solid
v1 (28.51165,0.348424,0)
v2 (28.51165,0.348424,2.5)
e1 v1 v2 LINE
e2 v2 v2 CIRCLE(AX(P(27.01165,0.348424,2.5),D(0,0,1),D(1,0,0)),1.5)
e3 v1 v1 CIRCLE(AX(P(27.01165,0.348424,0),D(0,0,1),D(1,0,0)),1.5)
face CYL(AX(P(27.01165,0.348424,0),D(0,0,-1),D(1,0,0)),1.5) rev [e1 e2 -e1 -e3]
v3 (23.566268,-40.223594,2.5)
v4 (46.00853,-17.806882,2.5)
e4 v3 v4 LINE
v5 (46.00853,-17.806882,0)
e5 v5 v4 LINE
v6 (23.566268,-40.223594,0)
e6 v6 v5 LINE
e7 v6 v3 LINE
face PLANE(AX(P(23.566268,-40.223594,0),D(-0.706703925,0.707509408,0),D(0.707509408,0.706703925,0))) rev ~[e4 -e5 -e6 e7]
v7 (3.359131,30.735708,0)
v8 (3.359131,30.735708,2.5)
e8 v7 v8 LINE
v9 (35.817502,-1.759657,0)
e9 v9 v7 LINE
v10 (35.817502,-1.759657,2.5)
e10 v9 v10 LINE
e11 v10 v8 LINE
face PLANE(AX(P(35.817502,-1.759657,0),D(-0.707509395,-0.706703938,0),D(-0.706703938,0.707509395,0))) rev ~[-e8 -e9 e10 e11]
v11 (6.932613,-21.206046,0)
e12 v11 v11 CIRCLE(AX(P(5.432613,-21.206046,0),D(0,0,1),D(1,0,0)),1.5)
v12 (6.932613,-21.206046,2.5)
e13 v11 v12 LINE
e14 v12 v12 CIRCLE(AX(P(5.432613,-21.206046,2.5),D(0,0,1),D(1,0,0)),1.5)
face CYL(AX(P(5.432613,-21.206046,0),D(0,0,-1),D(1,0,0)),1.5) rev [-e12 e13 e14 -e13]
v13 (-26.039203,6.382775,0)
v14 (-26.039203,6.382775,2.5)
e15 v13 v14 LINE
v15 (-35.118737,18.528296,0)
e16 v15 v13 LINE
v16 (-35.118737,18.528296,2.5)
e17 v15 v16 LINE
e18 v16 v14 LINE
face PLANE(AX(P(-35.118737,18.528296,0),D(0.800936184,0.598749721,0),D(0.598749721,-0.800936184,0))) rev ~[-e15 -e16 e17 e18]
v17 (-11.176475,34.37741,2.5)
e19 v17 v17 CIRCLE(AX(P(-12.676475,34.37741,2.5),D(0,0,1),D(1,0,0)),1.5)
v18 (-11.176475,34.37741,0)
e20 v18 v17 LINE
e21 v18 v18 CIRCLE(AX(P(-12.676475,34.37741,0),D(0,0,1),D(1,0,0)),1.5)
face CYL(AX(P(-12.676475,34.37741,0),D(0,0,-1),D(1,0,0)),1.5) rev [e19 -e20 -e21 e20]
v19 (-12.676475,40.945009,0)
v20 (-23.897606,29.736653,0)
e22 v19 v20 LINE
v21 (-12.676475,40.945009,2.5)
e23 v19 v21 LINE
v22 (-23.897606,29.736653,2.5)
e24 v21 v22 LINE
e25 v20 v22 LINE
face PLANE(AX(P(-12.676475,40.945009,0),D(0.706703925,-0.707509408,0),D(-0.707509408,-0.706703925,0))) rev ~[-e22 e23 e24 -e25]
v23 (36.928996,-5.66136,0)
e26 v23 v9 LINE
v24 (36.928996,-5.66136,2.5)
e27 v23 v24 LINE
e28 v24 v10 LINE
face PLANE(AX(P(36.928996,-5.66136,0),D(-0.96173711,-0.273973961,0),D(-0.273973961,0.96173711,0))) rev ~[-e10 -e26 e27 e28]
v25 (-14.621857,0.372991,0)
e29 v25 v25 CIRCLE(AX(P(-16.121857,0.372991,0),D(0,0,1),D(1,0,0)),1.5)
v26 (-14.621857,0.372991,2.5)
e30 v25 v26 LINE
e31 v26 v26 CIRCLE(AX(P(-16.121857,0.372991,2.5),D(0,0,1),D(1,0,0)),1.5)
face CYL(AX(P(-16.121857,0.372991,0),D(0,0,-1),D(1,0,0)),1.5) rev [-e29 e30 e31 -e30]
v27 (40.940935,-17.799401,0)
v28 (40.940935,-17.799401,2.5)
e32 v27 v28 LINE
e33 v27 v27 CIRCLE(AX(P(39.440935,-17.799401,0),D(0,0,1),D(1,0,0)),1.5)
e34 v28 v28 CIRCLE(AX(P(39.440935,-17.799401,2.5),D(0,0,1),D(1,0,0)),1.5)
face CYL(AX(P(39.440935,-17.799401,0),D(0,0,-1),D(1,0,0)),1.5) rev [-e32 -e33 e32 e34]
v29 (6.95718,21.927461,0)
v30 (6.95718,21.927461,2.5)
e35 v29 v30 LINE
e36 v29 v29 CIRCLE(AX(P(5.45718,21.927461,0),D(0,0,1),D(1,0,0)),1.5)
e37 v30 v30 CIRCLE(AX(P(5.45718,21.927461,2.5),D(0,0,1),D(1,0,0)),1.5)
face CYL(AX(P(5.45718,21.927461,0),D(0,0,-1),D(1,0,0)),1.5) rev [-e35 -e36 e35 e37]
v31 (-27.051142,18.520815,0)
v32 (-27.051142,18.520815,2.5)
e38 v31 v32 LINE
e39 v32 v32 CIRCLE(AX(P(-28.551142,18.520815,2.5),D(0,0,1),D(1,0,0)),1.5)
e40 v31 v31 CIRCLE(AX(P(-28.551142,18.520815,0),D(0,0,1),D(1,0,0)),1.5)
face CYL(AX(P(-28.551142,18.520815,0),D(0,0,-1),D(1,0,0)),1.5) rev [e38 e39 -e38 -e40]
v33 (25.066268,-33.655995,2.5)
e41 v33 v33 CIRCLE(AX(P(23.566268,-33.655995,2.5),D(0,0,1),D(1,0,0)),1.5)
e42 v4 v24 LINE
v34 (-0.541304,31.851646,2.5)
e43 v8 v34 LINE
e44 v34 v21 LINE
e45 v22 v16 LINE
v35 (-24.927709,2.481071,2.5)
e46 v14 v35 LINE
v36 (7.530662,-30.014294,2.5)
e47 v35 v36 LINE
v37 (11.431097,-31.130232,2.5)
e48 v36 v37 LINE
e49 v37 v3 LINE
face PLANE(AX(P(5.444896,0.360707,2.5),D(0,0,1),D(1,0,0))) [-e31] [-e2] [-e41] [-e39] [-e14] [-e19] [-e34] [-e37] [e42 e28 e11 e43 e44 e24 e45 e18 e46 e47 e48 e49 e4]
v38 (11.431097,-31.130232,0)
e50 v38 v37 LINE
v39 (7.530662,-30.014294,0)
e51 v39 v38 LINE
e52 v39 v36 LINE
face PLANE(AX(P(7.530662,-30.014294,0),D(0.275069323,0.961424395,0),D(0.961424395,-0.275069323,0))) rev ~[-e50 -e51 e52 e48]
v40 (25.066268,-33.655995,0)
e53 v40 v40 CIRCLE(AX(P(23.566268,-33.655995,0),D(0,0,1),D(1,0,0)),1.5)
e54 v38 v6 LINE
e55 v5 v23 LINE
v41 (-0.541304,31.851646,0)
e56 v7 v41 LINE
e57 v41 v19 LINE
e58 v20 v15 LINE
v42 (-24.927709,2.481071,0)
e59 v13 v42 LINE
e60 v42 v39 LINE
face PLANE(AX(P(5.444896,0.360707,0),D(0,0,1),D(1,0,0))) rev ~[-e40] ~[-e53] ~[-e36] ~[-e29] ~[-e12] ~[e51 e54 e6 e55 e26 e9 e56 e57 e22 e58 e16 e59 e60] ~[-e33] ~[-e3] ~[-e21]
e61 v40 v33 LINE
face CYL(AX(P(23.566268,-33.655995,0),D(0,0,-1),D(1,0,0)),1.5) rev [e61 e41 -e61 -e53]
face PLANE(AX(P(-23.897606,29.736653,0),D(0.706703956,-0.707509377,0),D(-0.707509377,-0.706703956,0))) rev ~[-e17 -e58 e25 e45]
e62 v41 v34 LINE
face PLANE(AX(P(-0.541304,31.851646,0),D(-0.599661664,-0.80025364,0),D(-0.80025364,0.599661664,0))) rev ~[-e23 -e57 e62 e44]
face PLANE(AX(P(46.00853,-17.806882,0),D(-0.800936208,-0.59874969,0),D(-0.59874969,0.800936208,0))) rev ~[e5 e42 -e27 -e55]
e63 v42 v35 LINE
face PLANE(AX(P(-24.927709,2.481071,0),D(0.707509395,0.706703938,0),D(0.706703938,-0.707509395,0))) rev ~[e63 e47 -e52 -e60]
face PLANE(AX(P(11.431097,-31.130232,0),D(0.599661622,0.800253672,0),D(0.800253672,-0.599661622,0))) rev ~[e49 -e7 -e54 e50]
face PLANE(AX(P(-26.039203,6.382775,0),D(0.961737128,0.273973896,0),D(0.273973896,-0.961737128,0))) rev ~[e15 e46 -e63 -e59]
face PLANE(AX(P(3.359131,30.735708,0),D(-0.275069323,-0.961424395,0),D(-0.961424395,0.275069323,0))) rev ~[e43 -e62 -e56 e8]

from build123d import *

# Parameters (mm, degrees)
F0_R     = 1.5
F1_DEPTH = 2.5


with BuildPart() as f1:
    # F0 (on Top) → F1 (new body)
    with BuildSketch(Plane.XY):
        Polygon((-24.927709, 2.481071), (7.530662, -30.014294), (11.431097, -31.130232), (23.566268, -40.223594), (34.787399, -29.015238), (46.00853, -17.806882), (36.928996, -5.66136), (35.817502, -1.759657), (3.359131, 30.735708), (-0.541304, 31.851646), (-12.676475, 40.945009), (-23.897606, 29.736653), (-35.118737, 18.528296), (-26.039203, 6.382775), align=None)
        with Locations((5.432613, -21.206046)):
            Circle(F0_R, mode=Mode.SUBTRACT)
        with Locations((23.566268, -33.655995)):
            Circle(F0_R, mode=Mode.SUBTRACT)
        with Locations((39.440935, -17.799401)):
            Circle(F0_R, mode=Mode.SUBTRACT)
        with Locations((27.01165, 0.348424)):
            Circle(F0_R, mode=Mode.SUBTRACT)
        with Locations((-16.121857, 0.372991)):
            Circle(F0_R, mode=Mode.SUBTRACT)
        with Locations((-28.551142, 18.520815)):
            Circle(F0_R, mode=Mode.SUBTRACT)
        with Locations((-12.676475, 34.37741)):
            Circle(F0_R, mode=Mode.SUBTRACT)
        with Locations((5.45718, 21.927461)):
            Circle(F0_R, mode=Mode.SUBTRACT)
    extrude(amount=F1_DEPTH)


solid = f1.part
